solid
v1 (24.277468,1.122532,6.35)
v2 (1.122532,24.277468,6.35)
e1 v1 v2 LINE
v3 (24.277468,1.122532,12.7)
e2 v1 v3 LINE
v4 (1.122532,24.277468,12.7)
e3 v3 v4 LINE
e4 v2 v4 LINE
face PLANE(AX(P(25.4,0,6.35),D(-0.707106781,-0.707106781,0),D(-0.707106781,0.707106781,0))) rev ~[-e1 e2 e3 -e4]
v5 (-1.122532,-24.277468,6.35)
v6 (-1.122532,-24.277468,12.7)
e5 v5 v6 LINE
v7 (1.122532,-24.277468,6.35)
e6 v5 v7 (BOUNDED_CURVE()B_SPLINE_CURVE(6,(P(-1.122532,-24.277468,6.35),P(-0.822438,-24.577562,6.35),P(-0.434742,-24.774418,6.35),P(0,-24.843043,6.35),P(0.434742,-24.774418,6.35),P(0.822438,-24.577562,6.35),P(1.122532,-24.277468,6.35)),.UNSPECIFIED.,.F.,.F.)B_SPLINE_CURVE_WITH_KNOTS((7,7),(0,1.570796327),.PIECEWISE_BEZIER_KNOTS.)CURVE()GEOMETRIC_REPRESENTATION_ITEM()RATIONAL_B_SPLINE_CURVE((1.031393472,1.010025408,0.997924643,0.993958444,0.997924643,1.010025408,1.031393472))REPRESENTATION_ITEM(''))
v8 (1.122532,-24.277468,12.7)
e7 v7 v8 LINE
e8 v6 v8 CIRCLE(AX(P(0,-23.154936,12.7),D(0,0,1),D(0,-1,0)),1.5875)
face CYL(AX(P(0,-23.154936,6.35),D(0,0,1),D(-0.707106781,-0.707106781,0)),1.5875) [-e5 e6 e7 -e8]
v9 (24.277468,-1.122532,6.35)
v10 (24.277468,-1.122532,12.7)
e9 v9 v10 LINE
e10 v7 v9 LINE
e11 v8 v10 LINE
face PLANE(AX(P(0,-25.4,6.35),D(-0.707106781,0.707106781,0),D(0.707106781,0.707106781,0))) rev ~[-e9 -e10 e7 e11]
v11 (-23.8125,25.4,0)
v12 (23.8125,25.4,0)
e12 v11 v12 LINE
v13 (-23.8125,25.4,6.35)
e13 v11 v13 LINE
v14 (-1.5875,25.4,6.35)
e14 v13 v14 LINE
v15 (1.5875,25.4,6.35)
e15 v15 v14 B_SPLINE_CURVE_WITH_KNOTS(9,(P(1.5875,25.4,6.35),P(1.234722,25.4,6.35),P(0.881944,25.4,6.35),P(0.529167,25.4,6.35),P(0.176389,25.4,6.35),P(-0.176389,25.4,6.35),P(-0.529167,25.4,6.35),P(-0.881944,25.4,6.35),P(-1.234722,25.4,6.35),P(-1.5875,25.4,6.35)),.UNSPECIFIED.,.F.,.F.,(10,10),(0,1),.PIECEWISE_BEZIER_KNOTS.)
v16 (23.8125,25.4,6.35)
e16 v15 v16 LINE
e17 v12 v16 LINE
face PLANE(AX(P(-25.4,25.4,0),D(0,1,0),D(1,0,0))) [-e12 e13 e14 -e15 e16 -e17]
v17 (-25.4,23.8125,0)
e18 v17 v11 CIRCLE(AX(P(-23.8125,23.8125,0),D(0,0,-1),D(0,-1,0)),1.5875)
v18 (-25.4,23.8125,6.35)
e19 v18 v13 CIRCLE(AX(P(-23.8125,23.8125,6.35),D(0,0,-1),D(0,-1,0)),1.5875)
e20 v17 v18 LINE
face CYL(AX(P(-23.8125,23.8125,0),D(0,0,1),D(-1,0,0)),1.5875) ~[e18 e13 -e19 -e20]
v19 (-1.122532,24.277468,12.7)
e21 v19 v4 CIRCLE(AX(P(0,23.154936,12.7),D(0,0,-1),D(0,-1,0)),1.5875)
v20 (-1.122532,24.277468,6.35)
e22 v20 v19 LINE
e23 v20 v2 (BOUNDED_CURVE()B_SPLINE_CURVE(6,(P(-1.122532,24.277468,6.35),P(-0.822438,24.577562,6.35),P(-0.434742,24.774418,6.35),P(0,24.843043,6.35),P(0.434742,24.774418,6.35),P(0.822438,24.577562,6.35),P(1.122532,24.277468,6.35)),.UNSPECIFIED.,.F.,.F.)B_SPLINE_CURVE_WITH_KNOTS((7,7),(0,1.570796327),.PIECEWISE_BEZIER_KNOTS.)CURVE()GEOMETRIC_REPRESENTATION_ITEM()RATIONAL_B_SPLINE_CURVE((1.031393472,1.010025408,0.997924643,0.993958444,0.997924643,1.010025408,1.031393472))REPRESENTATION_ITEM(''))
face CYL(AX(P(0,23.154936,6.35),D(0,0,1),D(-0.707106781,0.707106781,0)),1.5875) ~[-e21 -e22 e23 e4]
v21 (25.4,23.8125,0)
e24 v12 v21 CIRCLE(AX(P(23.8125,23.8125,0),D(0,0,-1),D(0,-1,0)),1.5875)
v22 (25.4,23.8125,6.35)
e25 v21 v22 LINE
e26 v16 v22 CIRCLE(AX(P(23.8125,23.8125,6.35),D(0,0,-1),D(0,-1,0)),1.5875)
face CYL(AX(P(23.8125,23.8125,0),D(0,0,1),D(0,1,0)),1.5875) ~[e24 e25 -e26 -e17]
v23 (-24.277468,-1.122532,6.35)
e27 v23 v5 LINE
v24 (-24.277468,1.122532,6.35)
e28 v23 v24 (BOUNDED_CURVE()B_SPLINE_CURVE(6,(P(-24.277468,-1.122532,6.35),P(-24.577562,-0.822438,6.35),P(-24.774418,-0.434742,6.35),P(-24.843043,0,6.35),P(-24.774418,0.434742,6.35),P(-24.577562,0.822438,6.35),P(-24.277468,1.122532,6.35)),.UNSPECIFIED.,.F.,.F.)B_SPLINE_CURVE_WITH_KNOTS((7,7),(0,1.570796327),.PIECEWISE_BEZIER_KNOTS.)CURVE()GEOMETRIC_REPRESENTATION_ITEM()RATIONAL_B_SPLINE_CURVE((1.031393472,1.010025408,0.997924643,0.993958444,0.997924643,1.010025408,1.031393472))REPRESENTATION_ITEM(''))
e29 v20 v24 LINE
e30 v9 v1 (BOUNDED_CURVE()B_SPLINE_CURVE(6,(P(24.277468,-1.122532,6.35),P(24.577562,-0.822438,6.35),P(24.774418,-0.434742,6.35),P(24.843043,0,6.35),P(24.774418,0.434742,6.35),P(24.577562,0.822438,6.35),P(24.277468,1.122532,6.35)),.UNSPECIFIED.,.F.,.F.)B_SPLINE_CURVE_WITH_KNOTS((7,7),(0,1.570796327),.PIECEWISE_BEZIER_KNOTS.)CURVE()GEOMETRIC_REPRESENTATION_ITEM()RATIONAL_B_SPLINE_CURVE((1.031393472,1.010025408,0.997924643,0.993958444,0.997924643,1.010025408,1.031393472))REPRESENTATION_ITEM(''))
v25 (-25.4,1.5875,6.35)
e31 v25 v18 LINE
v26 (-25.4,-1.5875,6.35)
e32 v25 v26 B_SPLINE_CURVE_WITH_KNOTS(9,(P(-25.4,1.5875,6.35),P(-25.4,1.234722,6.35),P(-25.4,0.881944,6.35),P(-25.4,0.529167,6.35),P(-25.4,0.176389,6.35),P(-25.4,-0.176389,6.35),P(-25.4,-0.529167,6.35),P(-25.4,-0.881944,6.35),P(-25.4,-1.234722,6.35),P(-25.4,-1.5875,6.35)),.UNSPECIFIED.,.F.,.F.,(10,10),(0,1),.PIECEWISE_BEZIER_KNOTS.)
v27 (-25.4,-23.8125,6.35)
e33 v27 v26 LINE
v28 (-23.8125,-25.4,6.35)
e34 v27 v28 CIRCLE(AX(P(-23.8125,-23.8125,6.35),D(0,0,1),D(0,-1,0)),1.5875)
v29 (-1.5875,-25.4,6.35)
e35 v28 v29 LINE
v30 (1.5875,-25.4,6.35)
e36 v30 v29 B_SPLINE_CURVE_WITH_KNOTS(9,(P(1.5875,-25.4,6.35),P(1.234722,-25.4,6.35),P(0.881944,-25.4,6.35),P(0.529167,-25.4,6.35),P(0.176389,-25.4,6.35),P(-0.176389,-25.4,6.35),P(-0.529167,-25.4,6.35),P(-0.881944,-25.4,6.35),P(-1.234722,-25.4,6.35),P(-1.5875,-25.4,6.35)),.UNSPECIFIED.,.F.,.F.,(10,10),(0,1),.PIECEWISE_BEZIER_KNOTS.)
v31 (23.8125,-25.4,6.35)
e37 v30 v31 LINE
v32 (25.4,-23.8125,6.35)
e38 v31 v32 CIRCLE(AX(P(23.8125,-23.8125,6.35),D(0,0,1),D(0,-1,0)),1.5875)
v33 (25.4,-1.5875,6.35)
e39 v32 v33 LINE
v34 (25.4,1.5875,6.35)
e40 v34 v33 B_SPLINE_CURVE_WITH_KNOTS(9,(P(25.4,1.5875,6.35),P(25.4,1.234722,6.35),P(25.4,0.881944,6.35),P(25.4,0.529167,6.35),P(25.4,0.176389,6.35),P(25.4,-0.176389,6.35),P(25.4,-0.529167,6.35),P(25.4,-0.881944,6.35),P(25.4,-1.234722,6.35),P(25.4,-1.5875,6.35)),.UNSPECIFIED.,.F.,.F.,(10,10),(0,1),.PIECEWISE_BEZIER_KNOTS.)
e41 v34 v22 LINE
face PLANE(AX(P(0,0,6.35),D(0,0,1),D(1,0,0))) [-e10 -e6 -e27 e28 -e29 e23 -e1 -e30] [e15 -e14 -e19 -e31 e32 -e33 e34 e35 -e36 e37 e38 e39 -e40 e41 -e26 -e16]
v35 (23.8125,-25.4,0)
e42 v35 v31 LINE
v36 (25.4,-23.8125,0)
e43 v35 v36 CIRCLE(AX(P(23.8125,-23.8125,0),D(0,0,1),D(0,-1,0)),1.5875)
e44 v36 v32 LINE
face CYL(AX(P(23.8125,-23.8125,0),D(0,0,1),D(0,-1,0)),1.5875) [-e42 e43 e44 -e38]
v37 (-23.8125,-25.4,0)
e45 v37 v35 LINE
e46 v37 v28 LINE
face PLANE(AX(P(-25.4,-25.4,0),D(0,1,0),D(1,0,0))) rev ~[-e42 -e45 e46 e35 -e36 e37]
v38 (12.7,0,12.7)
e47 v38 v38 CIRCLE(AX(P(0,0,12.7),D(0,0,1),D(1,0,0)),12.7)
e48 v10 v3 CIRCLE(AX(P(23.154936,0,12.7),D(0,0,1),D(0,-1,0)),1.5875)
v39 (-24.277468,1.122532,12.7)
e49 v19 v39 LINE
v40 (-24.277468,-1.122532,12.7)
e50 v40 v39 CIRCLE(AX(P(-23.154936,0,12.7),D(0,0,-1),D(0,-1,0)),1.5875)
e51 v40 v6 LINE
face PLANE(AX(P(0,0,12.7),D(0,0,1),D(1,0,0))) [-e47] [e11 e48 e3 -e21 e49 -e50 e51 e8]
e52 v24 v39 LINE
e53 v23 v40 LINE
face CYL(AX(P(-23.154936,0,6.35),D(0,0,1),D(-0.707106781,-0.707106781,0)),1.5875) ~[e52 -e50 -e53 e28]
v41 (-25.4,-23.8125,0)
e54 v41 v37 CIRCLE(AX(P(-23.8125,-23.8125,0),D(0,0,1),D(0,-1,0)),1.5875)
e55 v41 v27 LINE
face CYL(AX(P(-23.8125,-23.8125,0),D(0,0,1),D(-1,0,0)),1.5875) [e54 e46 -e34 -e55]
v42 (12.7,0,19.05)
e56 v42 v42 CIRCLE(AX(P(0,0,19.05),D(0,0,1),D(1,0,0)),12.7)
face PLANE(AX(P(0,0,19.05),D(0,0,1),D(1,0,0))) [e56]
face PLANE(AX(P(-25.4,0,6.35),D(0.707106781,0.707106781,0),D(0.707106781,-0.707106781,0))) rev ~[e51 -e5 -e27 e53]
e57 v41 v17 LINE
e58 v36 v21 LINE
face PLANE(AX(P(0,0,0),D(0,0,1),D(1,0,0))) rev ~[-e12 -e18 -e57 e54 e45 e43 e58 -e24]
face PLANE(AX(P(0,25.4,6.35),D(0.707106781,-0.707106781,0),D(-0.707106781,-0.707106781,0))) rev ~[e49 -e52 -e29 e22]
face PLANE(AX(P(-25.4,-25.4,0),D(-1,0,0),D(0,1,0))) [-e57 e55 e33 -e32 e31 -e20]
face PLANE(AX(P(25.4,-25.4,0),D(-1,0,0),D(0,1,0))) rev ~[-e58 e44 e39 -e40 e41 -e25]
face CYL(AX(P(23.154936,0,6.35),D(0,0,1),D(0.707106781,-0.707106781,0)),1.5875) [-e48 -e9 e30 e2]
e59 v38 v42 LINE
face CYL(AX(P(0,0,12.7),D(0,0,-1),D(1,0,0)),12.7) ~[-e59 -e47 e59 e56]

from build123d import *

# Parameters (mm, degrees)
F0_W     = 50.8
F0_H     = 50.8
F1_DEPTH = 6.35
F3_DEPTH = 6.35
F4_R     = 12.7
F5_DEPTH = 6.35
F6_R     = 1.5875


with BuildPart() as f1:
    # F0 (on Top) → F1 (new body)
    with BuildSketch(Plane.XY):
        Rectangle(F0_W, F0_H)
    extrude(amount=F1_DEPTH)

    # F2 (on face) → F3 (join)
    with BuildSketch(Plane.XY.offset(6.35)):
        Polygon((0, -25.4), (25.4, 0), (0, 25.4), (-25.4, 0), align=None)
    extrude(amount=F3_DEPTH)

    # F4 (on face) → F5 (join)
    with BuildSketch(Plane.XY.offset(12.7)):
        Circle(F4_R)
    extrude(amount=F5_DEPTH)

    # F6
    f6_edges = [f1.edges().sort_by_distance(p)[0] for p in [
        (-25.4, 0, 9.525),
        (25.4, 0, 9.525),
        (0, 25.4, 9.525),
        (0, -25.4, 9.525),
        (-25.4, 25.4, 3.175),
        (-25.4, -25.4, 3.175),
        (25.4, -25.4, 3.175),
        (25.4, 25.4, 3.175),
    ]]
    fillet(f6_edges, radius=F6_R)


solid = f1.part
